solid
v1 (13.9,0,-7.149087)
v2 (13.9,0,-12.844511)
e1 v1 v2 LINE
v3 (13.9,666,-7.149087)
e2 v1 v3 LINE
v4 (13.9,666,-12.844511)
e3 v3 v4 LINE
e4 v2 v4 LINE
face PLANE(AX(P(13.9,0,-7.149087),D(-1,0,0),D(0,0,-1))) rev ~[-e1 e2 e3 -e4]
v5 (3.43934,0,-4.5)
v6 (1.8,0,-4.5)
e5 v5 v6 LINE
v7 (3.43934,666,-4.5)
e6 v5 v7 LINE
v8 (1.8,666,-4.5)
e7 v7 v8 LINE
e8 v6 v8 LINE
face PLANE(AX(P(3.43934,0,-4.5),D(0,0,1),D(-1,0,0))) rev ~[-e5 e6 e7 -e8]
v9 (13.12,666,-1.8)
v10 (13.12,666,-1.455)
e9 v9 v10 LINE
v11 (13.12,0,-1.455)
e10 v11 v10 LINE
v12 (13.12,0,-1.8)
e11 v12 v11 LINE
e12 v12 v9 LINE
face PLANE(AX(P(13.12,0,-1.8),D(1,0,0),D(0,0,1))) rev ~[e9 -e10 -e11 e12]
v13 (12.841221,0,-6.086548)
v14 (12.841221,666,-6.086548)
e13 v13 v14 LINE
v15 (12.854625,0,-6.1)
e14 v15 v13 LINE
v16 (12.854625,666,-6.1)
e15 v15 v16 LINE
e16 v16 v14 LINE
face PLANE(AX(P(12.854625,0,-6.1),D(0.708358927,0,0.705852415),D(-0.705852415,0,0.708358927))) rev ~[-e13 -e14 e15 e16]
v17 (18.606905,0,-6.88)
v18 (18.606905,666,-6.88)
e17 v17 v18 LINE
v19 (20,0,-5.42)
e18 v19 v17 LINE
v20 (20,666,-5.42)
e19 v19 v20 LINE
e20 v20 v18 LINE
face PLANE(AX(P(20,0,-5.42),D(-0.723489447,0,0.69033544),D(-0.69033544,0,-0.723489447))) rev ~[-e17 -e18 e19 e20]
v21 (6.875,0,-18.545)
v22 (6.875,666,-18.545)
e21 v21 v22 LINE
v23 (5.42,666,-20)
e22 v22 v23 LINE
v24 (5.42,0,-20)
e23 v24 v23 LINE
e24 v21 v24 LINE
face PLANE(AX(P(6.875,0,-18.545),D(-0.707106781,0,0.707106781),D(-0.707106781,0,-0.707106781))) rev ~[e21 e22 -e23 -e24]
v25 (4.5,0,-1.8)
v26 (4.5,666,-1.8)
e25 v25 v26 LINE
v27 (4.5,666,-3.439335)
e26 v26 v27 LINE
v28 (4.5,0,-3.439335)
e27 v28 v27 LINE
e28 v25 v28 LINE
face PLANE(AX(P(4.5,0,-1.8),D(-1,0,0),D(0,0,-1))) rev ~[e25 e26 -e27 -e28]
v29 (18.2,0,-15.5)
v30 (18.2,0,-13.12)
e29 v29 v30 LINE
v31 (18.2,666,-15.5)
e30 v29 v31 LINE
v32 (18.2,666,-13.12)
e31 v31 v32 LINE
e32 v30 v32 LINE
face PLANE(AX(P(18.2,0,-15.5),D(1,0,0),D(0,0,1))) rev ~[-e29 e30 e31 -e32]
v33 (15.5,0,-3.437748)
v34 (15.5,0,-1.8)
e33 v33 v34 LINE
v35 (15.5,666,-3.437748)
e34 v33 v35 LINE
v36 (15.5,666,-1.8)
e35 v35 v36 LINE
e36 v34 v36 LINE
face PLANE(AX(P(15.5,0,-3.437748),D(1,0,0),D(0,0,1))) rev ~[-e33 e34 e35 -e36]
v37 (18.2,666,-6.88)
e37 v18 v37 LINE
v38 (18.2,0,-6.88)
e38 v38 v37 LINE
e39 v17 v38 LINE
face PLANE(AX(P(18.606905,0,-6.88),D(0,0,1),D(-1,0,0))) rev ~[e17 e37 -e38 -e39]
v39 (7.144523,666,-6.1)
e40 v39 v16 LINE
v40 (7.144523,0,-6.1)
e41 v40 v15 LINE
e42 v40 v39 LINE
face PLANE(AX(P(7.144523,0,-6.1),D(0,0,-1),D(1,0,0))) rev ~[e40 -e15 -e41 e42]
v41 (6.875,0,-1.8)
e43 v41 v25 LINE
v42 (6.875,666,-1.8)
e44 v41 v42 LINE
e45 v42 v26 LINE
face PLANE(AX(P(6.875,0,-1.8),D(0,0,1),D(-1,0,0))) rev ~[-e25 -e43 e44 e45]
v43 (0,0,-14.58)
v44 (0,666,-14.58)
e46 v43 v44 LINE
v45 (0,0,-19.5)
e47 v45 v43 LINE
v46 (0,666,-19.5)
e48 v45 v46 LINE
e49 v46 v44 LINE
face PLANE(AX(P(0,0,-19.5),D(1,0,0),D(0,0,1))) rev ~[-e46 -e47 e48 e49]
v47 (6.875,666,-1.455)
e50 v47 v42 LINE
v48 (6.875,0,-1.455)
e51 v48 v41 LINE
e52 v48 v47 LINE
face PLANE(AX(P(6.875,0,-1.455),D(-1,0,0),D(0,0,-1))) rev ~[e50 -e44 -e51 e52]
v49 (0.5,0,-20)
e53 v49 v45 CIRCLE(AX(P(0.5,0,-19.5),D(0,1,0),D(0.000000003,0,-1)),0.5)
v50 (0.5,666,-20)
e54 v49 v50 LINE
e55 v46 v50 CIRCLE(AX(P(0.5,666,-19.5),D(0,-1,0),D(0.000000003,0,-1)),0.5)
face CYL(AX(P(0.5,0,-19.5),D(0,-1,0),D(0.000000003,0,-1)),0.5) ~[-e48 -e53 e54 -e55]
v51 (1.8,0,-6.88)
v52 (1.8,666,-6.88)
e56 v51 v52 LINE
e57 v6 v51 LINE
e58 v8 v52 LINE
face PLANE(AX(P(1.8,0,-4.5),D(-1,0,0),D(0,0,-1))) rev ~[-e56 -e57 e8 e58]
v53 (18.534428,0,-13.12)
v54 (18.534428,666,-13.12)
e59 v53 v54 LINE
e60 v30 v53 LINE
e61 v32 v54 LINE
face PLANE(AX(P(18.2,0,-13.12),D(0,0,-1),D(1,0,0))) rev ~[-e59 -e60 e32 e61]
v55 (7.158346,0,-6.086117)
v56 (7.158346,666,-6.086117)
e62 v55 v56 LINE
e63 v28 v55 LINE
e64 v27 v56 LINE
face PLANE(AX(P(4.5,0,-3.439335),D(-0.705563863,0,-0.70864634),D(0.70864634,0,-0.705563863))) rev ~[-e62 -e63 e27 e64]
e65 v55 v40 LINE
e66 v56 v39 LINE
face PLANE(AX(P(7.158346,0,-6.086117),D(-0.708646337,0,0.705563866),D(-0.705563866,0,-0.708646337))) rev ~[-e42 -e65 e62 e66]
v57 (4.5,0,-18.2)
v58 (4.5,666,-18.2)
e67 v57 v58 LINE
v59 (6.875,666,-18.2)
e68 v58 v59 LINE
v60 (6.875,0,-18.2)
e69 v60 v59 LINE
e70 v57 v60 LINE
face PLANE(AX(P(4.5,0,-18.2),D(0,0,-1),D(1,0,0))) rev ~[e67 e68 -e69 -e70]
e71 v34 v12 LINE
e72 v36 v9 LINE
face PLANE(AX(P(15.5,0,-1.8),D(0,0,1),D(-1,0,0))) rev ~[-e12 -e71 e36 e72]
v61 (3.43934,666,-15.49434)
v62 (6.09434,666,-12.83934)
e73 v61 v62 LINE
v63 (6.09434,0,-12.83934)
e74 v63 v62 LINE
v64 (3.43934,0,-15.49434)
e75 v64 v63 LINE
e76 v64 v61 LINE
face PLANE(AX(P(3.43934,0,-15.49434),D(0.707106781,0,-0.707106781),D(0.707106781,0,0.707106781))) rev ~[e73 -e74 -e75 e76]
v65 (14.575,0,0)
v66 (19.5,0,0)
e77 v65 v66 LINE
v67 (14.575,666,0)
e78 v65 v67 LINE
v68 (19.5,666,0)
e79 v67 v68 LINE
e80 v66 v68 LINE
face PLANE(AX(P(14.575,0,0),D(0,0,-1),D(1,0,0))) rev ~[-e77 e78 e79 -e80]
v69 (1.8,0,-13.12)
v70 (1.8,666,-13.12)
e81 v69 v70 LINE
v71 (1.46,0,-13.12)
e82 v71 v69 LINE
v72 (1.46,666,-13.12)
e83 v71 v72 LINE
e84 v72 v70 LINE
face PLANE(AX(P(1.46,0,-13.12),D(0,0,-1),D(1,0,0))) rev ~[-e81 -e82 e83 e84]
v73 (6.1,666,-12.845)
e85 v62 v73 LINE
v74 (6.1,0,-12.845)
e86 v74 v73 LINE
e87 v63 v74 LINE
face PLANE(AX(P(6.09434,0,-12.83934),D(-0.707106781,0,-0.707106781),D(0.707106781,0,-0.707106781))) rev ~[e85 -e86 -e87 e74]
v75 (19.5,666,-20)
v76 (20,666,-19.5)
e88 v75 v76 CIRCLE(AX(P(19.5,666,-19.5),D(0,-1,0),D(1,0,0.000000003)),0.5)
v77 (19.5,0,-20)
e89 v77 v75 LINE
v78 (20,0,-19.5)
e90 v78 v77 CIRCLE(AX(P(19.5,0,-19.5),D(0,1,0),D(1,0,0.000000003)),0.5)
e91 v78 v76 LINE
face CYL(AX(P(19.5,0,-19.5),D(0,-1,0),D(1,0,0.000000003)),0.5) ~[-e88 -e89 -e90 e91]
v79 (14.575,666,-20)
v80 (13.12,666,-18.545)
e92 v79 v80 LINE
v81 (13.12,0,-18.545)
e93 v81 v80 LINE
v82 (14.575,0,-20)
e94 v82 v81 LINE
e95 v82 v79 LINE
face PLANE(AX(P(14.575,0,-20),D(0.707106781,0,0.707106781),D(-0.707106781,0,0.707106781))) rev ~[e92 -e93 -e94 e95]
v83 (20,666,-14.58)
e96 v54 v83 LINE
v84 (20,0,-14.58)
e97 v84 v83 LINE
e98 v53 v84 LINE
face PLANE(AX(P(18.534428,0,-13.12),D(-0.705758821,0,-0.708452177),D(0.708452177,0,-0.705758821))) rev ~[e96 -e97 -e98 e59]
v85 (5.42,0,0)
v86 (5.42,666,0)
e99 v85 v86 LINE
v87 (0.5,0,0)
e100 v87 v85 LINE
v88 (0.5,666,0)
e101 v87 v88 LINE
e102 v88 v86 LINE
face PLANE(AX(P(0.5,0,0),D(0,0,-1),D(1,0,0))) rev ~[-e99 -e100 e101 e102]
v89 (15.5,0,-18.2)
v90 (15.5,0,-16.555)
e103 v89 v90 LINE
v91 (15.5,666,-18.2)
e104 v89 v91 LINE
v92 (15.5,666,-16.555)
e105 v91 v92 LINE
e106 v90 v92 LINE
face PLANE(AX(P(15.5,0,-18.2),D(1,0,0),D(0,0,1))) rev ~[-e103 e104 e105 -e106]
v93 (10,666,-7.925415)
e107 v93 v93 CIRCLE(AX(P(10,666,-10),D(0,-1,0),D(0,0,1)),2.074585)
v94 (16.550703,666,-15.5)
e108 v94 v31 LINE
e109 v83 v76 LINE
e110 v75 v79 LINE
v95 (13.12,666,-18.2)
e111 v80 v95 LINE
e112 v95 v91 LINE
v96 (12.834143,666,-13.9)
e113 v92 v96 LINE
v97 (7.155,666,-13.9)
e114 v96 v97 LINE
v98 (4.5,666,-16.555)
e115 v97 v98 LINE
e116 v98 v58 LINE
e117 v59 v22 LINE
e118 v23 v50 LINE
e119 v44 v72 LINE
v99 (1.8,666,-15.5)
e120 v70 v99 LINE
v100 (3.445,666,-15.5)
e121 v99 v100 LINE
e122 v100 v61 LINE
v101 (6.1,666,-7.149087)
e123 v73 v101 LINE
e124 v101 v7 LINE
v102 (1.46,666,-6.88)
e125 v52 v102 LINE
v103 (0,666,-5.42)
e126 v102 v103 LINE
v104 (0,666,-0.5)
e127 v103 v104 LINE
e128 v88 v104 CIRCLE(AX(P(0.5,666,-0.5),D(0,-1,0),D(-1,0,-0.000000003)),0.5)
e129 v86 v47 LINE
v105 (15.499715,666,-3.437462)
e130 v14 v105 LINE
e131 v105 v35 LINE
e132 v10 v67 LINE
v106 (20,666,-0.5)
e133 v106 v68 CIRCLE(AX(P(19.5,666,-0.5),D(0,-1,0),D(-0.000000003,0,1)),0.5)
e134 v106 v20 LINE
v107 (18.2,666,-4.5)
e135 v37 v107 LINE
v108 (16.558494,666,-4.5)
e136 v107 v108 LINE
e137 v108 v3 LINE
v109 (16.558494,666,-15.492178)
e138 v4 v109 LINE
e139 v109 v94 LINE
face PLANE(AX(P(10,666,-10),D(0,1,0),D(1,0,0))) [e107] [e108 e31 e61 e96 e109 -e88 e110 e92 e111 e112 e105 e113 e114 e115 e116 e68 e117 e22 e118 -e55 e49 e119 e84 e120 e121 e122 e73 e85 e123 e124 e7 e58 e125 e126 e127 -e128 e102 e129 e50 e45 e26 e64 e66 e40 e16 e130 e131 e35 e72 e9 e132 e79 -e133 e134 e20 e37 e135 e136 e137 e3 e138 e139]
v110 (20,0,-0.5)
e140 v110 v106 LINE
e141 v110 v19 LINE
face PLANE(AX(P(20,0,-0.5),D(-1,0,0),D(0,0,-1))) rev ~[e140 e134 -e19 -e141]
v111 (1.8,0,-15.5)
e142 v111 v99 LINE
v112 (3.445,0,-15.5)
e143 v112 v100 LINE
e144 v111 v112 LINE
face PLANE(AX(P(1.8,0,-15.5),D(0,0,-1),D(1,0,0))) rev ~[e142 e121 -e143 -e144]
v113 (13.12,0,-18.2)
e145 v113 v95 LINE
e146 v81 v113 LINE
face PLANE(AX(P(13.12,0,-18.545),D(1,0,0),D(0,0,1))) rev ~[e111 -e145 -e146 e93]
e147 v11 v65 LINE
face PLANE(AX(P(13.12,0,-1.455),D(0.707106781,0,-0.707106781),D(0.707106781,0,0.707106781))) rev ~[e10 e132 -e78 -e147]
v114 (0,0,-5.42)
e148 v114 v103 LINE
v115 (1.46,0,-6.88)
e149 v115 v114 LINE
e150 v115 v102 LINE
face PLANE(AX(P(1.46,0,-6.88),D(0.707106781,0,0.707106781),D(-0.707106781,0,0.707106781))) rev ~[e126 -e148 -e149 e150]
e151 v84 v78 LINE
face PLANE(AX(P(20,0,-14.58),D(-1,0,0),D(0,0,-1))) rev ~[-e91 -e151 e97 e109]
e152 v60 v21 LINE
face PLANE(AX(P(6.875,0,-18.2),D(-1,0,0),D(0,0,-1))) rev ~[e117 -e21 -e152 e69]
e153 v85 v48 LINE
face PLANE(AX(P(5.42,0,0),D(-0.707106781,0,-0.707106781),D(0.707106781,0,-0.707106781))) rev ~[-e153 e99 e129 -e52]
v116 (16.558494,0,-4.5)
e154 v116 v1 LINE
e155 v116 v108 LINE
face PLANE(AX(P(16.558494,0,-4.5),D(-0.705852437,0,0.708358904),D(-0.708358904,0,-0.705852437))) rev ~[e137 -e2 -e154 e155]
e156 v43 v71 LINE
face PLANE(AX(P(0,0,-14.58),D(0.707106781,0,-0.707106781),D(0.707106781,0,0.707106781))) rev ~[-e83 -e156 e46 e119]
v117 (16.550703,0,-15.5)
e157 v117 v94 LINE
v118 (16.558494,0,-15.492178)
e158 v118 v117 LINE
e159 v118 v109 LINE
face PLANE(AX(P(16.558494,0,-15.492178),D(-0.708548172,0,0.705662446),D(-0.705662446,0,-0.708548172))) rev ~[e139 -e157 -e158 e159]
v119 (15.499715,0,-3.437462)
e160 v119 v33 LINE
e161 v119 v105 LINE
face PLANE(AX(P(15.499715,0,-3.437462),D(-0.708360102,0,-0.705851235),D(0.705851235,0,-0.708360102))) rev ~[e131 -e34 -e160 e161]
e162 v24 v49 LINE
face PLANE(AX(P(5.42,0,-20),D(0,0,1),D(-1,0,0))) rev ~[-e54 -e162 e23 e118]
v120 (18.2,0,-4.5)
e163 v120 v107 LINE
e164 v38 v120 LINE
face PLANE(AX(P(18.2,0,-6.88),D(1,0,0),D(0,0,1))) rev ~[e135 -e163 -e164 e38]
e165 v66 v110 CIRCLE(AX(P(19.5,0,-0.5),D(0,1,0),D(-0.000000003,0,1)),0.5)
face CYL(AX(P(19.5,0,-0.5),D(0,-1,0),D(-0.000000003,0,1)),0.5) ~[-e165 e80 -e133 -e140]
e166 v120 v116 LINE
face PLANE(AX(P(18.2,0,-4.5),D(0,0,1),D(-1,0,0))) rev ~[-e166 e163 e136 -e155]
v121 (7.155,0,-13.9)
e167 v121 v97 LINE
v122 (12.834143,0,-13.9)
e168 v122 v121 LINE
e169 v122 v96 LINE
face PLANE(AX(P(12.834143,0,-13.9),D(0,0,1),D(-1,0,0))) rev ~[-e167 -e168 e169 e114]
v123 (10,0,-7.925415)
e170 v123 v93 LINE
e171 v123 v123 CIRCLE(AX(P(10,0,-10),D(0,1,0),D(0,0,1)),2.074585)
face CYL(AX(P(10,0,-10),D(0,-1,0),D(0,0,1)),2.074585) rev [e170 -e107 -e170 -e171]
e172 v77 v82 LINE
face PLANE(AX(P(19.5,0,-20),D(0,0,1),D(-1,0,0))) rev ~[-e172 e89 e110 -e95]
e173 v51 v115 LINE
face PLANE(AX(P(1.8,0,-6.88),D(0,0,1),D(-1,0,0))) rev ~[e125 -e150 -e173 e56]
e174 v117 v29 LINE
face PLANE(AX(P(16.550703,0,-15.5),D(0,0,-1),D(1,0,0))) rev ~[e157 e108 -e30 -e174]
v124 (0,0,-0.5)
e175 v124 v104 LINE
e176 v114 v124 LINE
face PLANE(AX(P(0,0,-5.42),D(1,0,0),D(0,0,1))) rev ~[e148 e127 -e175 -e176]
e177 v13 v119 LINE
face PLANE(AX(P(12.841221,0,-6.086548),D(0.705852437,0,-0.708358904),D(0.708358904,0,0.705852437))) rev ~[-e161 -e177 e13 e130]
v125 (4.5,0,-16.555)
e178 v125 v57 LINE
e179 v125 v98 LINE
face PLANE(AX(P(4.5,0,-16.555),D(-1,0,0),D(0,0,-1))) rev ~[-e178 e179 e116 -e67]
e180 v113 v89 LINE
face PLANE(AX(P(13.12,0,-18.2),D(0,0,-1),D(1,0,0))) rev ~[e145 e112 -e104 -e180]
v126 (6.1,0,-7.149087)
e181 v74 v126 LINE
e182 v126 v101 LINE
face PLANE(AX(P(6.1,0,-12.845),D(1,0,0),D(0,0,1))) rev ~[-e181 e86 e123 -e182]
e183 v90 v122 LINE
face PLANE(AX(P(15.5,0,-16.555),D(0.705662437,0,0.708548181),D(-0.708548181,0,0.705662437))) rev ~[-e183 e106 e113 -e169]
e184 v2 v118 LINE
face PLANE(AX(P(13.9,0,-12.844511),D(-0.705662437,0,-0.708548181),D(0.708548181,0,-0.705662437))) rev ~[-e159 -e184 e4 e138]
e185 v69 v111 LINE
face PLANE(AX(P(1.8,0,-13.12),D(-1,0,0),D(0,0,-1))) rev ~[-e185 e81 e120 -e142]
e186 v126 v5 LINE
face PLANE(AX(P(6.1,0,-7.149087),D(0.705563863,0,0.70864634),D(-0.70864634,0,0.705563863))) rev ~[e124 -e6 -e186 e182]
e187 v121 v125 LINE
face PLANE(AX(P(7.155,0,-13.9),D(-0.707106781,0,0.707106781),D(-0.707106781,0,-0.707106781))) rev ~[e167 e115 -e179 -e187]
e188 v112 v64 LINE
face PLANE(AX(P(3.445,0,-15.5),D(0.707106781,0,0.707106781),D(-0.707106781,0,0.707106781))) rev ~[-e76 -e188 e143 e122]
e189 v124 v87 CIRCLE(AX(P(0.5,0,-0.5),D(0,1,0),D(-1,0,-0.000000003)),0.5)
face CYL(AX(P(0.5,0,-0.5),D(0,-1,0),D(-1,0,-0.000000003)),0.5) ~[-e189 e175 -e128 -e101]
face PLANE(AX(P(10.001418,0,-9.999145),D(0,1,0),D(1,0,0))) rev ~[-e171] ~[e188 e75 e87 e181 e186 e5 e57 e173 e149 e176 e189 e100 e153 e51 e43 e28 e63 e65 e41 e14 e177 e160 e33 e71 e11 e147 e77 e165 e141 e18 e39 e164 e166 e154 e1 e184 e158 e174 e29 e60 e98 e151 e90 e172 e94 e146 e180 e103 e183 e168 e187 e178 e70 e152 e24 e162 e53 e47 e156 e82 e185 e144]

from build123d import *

# Parameters (mm, degrees)
SKETCH1_R             = 2.074585303
BOSS_EXTRUDE2_DEPTH   = 1000
CROQUIS1_W            = 21.960617296
CROQUIS1_H            = 22.681220878
CORTAR_EXTRUIR1_DEPTH = 334


with BuildPart() as part:
    # Sketch1 → Boss-Extrude2 (new body)
    with BuildSketch(Plane(origin=(0, 0, 0), x_dir=(1, 0, 0), z_dir=(0, 1, 0))):
        with BuildLine():
            Line((6.1, 12.845), (6.1, 7.149086807))
            Line((6.1, 7.149086807), (3.439339828, 4.5))
            Line((3.439339828, 4.5), (1.8, 4.5))
            Line((1.8, 4.5), (1.8, 6.88))
            Line((1.8, 6.88), (1.46, 6.88))
            Line((1.46, 6.88), (0, 5.42))
            Line((0, 5.42), (0, 0.5))
            ThreePointArc((0, 0.5), (0.146446609, 0.146446609), (0.5, 0))
            Line((0.5, 0), (5.42, 0))
            Line((5.42, 0), (6.875, 1.455))
            Line((6.875, 1.455), (6.875, 1.8))
            Line((6.875, 1.8), (4.5, 1.8))
            Line((4.5, 1.8), (4.5, 3.4393348))
            Line((4.5, 3.4393348), (7.158345795, 6.086117297))
            Line((7.158345795, 6.086117297), (7.144523479, 6.1))
            Line((7.144523479, 6.1), (12.854625295, 6.1))
            Line((12.854625295, 6.1), (12.841221344, 6.086548451))
            Line((12.841221344, 6.086548451), (15.499715, 3.437461644))
            Line((15.499715, 3.437461644), (15.5, 3.437747657))
            Line((15.5, 3.437747657), (15.5, 1.8))
            Line((15.5, 1.8), (13.12, 1.8))
            Line((13.12, 1.8), (13.12, 1.455))
            Line((13.12, 1.455), (14.575, 0))
            Line((14.575, 0), (19.5, 0))
            ThreePointArc((19.5, 0), (19.853553391, 0.146446609), (20, 0.5))
            Line((20, 0.5), (20, 5.42))
            Line((20, 5.42), (18.606904708, 6.88))
            Line((18.606904708, 6.88), (18.2, 6.88))
            Line((18.2, 6.88), (18.2, 4.5))
            Line((18.2, 4.5), (16.558493656, 4.5))
            Line((16.558493656, 4.5), (13.9, 7.149086807))
            Line((13.9, 7.149086807), (13.9, 12.844511469))
            Line((13.9, 12.844511469), (16.558493656, 15.492177728))
            Line((16.558493656, 15.492177728), (16.550703242, 15.5))
            Line((16.550703242, 15.5), (18.2, 15.5))
            Line((18.2, 15.5), (18.2, 13.12))
            Line((18.2, 13.12), (18.534428266, 13.12))
            Line((18.534428266, 13.12), (20, 14.58))
            Line((20, 14.58), (20, 19.5))
            ThreePointArc((20, 19.5), (19.853553391, 19.853553391), (19.5, 20))
            Line((19.5, 20), (14.575, 20))
            Line((14.575, 20), (13.12, 18.545))
            Line((13.12, 18.545), (13.12, 18.2))
            Line((13.12, 18.2), (15.5, 18.2))
            Line((15.5, 18.2), (15.5, 16.555))
            Line((15.5, 16.555), (12.834142613, 13.9))
            Line((12.834142613, 13.9), (7.155, 13.9))
            Line((7.155, 13.9), (4.5, 16.555))
            Line((4.5, 16.555), (4.5, 18.2))
            Line((4.5, 18.2), (6.875, 18.2))
            Line((6.875, 18.2), (6.875, 18.545))
            Line((6.875, 18.545), (5.42, 20))
            Line((5.42, 20), (0.5, 20))
            ThreePointArc((0.5, 20), (0.146446609, 19.853553391), (0, 19.5))
            Line((0, 19.5), (0, 14.58))
            Line((0, 14.58), (1.46, 13.12))
            Line((1.46, 13.12), (1.8, 13.12))
            Line((1.8, 13.12), (1.8, 15.5))
            Line((1.8, 15.5), (3.445, 15.5))
            Line((3.445, 15.5), (3.439339828, 15.494339828))
            Line((3.439339828, 15.494339828), (6.094339828, 12.839339828))
            Line((6.094339828, 12.839339828), (6.1, 12.845))
        make_face()
        with Locations((10, 10)):
            Circle(SKETCH1_R, mode=Mode.SUBTRACT)
    extrude(amount=BOSS_EXTRUDE2_DEPTH)

    # Croquis1 → Cortar-Extruir1 (cut)
    with BuildSketch(Plane(origin=(0, 1000, 0), x_dir=(1, 0, 0), z_dir=(0, 1, 0))):
        with Locations((10, 10)):
            Rectangle(CROQUIS1_W, CROQUIS1_H)
    extrude(amount=-CORTAR_EXTRUIR1_DEPTH, mode=Mode.SUBTRACT)


solid = part.part
